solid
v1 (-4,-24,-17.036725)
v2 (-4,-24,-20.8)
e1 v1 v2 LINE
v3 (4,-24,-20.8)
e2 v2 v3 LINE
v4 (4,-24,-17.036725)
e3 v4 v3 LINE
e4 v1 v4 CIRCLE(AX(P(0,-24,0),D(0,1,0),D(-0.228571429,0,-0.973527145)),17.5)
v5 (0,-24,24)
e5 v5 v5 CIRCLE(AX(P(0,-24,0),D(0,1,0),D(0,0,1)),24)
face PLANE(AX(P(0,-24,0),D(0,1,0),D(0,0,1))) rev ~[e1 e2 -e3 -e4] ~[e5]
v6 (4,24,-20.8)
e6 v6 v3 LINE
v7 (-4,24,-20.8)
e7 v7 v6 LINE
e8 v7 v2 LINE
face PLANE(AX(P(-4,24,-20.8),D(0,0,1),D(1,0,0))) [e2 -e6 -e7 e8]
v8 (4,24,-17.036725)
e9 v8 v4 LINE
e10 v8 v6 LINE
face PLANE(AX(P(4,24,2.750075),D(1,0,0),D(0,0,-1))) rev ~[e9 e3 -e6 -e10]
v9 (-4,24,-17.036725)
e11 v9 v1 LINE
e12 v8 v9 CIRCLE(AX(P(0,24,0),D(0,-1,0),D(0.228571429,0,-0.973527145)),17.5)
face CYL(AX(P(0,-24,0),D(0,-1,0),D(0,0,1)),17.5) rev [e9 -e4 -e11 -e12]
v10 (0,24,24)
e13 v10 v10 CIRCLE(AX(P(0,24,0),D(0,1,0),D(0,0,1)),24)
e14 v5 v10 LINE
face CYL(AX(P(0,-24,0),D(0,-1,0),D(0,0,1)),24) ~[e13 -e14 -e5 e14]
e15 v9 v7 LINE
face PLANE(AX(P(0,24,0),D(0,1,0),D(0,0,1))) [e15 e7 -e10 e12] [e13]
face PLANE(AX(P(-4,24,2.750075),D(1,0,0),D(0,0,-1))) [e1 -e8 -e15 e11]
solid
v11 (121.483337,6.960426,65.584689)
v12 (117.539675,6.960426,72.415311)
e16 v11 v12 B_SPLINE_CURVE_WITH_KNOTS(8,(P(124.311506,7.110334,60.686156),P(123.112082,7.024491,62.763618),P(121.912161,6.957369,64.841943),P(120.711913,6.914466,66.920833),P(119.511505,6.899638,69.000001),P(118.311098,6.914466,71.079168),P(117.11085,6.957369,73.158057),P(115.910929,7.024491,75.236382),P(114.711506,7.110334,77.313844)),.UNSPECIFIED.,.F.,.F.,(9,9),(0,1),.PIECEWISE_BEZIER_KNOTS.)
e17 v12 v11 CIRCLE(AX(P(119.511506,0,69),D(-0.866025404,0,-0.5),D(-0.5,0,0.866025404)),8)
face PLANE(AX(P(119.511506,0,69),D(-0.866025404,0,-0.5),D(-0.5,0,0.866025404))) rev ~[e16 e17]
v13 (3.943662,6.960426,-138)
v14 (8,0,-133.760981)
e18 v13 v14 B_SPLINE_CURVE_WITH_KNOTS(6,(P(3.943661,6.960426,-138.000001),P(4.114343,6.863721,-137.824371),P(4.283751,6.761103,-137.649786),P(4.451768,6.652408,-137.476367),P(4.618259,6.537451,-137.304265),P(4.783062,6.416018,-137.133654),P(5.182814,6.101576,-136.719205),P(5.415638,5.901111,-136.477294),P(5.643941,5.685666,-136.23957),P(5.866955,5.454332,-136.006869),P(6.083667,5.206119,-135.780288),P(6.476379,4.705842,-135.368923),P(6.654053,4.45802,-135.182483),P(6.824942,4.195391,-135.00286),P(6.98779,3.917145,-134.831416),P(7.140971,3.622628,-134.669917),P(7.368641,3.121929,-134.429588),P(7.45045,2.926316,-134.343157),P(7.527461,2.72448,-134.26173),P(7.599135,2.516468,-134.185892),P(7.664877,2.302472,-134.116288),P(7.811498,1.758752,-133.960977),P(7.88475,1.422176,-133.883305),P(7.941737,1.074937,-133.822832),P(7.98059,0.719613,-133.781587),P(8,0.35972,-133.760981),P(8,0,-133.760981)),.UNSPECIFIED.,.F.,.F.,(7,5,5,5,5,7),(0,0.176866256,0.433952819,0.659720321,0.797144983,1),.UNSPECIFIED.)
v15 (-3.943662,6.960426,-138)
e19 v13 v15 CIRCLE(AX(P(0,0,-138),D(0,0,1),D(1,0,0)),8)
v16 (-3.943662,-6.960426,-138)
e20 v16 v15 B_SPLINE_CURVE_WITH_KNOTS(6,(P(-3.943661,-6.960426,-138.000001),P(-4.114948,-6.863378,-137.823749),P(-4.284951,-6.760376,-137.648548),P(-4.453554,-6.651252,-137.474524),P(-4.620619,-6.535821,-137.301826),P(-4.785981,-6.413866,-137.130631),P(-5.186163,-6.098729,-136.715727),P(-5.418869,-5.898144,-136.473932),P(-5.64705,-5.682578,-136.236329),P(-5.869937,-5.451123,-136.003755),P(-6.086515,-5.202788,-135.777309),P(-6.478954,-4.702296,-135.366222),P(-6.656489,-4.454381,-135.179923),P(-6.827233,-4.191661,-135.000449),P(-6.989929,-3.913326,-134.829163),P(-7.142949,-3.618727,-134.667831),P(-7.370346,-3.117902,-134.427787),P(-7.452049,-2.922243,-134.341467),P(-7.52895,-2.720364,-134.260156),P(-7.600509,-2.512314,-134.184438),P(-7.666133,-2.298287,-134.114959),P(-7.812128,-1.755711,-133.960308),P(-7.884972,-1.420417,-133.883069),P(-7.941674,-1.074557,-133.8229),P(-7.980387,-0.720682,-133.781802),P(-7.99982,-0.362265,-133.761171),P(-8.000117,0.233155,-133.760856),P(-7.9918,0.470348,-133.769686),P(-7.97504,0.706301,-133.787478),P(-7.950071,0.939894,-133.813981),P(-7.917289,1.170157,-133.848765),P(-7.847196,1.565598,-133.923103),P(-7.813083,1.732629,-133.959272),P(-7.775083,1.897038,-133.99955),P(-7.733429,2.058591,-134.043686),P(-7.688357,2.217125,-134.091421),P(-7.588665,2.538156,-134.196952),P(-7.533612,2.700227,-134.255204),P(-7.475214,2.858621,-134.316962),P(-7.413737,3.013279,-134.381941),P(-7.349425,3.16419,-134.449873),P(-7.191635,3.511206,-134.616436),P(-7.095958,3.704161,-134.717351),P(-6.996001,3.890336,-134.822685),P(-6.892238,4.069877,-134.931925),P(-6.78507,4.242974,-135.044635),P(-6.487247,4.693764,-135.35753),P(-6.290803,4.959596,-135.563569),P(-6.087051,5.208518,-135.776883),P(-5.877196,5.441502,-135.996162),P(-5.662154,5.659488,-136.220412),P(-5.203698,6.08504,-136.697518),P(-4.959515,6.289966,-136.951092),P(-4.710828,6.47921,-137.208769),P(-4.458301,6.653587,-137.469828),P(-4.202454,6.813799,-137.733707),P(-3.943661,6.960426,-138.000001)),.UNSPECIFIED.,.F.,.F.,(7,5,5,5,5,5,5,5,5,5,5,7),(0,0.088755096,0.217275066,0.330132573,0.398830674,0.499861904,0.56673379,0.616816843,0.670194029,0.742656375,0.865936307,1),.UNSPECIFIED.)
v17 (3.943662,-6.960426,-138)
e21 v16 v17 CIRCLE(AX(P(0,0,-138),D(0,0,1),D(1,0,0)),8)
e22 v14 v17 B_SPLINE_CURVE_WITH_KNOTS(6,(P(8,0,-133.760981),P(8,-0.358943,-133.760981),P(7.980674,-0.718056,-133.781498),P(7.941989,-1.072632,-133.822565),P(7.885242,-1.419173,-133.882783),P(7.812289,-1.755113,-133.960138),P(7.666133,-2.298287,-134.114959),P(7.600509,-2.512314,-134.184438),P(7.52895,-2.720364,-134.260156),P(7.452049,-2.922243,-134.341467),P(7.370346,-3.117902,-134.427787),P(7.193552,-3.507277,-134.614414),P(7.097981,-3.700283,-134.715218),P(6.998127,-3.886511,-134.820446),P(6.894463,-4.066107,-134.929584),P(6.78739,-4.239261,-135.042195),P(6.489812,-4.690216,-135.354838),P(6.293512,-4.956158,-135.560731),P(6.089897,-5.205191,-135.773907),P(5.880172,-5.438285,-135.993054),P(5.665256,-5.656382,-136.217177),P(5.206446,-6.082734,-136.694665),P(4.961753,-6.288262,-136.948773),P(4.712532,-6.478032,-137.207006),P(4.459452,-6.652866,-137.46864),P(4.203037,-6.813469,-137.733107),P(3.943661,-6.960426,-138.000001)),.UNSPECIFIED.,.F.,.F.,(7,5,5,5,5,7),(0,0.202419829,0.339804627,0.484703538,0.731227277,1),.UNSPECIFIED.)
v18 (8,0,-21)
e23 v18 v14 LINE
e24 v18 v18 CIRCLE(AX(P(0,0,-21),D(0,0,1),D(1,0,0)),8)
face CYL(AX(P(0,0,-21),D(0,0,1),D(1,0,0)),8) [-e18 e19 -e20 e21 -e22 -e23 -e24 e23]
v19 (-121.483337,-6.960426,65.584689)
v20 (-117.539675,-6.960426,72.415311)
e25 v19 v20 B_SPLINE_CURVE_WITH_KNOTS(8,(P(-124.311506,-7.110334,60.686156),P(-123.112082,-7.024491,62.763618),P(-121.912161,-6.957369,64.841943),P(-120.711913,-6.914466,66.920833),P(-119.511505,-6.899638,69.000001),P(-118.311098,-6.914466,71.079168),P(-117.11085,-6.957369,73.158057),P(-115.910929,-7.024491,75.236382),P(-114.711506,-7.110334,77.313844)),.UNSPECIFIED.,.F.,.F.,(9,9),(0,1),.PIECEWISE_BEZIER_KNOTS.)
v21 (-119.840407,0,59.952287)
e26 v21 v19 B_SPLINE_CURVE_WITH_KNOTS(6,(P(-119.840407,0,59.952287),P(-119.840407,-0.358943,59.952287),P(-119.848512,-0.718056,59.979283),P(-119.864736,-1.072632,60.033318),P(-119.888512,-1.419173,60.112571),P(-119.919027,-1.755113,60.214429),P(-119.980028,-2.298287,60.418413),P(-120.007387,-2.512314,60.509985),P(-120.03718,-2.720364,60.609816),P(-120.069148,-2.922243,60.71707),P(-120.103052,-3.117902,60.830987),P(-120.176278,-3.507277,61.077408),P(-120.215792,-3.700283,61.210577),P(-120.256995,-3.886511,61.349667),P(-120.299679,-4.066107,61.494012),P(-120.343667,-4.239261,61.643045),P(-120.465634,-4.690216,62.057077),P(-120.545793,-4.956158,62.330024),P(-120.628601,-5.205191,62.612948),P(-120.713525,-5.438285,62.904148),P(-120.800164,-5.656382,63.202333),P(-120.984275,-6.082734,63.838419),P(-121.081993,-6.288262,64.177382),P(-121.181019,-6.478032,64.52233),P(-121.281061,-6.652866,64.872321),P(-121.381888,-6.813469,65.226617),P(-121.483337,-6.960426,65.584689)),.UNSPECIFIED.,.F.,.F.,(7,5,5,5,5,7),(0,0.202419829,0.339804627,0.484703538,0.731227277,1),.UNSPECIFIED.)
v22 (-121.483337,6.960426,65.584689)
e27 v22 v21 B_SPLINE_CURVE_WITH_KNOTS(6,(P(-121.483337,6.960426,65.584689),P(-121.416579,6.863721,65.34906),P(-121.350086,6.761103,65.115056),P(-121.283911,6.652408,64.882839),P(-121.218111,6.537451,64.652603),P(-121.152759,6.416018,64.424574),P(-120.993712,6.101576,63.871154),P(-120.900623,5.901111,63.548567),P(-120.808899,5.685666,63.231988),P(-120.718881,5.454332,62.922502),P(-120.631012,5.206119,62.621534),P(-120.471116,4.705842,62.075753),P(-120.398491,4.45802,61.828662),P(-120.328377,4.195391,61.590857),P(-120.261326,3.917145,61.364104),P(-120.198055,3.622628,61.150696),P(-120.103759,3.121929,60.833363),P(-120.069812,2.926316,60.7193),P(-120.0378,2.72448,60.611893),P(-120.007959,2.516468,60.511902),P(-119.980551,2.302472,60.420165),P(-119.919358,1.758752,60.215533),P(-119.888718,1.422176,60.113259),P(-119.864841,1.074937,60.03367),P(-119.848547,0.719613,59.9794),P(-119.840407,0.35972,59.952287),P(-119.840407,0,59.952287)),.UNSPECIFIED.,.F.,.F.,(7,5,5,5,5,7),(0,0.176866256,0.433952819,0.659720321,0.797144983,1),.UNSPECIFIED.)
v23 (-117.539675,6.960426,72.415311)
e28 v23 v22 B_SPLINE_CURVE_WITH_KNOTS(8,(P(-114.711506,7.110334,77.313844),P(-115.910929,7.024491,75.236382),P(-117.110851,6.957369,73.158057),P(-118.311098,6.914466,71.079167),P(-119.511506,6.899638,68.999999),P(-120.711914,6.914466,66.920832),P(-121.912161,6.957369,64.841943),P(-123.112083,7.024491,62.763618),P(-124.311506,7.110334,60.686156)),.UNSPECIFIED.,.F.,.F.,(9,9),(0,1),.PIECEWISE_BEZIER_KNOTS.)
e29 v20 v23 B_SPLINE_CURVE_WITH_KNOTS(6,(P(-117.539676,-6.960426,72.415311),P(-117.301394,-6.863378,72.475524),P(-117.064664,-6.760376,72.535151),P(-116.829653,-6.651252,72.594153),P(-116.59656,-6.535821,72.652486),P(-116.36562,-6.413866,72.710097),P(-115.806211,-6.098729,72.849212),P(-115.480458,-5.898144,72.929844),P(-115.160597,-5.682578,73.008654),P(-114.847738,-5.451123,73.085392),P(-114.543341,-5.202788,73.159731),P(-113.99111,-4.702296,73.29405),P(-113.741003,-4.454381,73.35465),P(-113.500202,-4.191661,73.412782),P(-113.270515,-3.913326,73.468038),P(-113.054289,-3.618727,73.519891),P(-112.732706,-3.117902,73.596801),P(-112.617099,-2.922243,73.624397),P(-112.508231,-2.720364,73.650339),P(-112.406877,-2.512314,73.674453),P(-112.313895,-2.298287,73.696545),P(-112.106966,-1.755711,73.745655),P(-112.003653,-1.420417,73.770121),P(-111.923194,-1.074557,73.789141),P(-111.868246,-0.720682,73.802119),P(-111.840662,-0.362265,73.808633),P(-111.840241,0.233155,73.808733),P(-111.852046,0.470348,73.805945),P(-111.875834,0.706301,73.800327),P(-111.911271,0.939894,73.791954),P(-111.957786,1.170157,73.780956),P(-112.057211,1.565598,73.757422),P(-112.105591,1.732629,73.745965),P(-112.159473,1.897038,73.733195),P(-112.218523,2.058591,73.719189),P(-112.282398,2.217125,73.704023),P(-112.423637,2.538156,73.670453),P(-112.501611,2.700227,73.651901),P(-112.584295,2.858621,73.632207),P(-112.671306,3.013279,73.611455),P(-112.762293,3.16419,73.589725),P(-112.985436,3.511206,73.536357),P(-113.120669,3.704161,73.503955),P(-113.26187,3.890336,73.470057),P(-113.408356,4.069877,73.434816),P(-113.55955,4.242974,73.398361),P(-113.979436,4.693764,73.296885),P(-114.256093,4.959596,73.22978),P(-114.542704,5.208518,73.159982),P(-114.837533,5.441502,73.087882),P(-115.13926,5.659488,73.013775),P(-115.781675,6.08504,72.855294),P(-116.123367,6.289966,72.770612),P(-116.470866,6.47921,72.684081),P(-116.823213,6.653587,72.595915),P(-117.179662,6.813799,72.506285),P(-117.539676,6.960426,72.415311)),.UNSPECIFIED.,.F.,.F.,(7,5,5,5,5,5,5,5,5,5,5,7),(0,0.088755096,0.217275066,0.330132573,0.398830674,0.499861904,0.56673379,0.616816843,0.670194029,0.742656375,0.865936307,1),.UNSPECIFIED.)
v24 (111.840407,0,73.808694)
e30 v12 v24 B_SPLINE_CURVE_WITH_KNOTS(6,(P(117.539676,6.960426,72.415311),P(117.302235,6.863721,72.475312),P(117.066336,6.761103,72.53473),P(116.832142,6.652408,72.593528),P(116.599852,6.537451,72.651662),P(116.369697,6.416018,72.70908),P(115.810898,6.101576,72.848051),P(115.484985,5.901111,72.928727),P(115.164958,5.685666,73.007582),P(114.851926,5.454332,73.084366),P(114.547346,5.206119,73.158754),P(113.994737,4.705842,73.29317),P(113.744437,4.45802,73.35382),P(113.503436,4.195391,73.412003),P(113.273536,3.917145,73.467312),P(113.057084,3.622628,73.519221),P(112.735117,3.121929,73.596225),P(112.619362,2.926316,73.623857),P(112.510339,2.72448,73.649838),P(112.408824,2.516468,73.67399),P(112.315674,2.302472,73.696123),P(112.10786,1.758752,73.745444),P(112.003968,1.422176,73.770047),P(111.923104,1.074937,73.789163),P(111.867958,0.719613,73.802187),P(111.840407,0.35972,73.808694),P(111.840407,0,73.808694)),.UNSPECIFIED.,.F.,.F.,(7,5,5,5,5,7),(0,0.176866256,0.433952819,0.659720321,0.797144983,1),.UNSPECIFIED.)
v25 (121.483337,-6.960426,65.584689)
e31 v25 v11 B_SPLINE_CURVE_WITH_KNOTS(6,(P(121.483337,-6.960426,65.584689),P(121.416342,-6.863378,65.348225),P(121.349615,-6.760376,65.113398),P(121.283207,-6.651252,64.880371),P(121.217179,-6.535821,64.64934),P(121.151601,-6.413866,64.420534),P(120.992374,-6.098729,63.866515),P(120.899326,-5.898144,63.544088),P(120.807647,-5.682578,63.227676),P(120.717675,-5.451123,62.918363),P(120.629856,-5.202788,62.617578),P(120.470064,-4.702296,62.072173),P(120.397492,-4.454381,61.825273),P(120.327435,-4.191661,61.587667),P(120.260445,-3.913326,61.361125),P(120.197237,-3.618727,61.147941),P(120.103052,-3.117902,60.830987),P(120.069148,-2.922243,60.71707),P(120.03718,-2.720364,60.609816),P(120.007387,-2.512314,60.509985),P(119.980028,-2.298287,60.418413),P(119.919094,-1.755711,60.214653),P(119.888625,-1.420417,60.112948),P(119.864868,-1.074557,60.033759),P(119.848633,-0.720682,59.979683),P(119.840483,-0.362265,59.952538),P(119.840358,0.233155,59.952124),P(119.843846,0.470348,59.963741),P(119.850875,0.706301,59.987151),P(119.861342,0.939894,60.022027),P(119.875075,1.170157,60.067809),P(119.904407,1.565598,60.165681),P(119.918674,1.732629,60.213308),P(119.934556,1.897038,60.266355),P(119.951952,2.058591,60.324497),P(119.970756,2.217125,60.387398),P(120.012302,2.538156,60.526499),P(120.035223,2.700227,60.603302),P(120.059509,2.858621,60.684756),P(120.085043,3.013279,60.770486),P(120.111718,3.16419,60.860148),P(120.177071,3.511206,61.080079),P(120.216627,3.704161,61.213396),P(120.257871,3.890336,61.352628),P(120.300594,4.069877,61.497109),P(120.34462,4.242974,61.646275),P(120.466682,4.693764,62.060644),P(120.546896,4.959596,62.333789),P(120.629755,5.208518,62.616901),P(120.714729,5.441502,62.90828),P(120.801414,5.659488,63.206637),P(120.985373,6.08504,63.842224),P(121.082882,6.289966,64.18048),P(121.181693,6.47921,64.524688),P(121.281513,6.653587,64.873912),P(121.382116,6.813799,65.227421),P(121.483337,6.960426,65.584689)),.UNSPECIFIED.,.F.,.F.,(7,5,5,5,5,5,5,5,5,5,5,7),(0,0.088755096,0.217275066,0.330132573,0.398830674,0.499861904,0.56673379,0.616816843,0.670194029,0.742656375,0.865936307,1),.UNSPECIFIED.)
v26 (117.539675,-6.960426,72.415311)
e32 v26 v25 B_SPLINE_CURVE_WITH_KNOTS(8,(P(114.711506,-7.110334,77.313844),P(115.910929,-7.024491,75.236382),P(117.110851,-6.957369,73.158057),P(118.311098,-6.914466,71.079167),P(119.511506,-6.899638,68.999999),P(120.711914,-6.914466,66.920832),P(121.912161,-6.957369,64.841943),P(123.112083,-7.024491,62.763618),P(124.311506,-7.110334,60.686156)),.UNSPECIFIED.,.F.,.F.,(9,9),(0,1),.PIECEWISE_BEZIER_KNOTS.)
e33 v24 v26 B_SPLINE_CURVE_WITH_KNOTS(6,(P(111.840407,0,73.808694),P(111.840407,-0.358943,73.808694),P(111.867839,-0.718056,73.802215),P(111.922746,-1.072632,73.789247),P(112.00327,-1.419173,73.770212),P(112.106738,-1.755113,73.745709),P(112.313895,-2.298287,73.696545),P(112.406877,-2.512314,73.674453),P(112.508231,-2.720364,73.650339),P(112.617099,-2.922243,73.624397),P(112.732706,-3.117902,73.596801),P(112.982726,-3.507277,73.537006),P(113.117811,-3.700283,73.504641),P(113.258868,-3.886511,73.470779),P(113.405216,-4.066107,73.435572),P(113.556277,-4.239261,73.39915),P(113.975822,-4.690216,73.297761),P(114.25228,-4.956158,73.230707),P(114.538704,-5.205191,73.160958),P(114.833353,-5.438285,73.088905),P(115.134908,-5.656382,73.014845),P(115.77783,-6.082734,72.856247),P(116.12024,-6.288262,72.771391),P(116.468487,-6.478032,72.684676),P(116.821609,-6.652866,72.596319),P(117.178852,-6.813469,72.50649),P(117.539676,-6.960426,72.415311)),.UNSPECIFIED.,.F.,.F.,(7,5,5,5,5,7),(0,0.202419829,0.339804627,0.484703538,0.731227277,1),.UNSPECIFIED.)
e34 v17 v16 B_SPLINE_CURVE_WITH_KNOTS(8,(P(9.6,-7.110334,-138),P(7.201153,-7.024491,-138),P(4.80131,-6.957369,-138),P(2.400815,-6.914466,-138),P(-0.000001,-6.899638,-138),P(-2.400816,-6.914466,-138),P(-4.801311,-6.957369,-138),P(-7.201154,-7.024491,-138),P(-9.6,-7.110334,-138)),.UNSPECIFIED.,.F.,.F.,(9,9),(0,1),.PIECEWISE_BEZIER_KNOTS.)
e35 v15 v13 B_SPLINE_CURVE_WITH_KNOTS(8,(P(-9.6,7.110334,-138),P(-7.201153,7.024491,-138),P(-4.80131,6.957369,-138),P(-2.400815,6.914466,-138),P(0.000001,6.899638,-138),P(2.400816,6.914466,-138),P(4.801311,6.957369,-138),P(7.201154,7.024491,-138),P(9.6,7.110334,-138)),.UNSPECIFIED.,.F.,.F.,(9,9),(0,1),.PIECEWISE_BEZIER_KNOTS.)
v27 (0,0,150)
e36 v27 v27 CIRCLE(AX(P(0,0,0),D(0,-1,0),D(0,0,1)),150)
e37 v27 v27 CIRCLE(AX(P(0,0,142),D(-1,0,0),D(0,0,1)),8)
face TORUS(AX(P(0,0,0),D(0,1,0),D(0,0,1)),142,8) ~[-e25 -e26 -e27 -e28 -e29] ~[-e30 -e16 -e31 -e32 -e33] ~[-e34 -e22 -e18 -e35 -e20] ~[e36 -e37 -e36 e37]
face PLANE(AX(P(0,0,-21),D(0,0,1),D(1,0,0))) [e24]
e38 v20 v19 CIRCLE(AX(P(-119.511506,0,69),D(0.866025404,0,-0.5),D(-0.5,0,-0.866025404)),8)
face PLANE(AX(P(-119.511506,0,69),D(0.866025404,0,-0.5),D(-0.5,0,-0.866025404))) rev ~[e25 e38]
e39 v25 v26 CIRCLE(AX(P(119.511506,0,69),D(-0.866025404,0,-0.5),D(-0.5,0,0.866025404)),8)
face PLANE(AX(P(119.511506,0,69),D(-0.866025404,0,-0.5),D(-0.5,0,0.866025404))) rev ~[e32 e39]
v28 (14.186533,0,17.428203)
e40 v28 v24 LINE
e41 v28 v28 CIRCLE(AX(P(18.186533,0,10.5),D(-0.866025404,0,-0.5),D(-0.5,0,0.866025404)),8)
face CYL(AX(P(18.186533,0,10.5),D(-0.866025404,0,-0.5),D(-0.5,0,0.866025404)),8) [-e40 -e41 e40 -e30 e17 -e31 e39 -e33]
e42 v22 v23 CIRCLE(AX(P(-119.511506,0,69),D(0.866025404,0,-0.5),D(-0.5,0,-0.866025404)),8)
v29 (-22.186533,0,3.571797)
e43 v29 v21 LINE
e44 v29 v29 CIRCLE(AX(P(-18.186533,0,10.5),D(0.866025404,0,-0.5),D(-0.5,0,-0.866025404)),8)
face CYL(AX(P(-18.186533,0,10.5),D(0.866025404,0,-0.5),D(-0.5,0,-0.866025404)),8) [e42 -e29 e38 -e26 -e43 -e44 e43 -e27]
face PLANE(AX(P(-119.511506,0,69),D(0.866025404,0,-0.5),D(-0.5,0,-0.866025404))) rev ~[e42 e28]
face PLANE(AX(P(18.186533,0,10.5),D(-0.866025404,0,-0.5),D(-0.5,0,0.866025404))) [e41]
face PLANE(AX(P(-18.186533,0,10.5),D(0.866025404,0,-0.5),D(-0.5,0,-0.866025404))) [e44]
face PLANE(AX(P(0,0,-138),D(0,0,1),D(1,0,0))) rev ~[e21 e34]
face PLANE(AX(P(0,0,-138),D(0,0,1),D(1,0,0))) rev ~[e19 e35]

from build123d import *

# Parameters (mm, degrees)
SKETCH1_R                = 8
BOSS_EXTRUDE1_DEPTH      = 24
BOSS_EXTRUDE1_DEPTH_BACK = 24
SKETCH2_R                = 24
SKETCH2_R_2              = 17.5
SKETCH3_R                = 8
BOSS_EXTRUDE4_DEPTH      = 117
CIRPATTERN1_COUNT        = 3
SKETCH4_W                = 8
SKETCH4_H                = 23.550074586
CUT_EXTRUDE1_DEPTH       = 105


with BuildPart() as part:
    # Sketch1 → Revolve1 (revolve)
    with BuildSketch(Plane.XY, mode=Mode.PRIVATE) as revolve1_sk:
        with Locations((142, 0)):
            Circle(SKETCH1_R)
    revolve(revolve1_sk.sketch.rotate(Axis((0, 0, 0), (0, -1, 0)), 90), axis=Axis((0, 0, 0), (0, -1, 0)))

    # Sketch3 → Boss-Extrude4 (add)
    with BuildSketch(Plane.XY.offset(-21)):
        Circle(SKETCH3_R)
    boss_extrude4 = extrude(amount=-BOSS_EXTRUDE4_DEPTH)

    # CirPattern1: Boss-Extrude4 ×3 about axis
    cirpattern1_axis = Axis((0, 0, 0), (0, 1, 0))
    for i in range(1, CIRPATTERN1_COUNT):
        add(boss_extrude4.rotate(cirpattern1_axis, i * 360 / CIRPATTERN1_COUNT))


with BuildPart() as body_2:
    # Sketch2 → Boss-Extrude1 (new, two sides: drawn at the far end of the back side and taken through both)
    with BuildSketch(Plane(origin=(0, 0, 0), x_dir=(1, 0, 0), z_dir=(0, 1, 0)).offset(-BOSS_EXTRUDE1_DEPTH_BACK)):
        with Locations(Location((0, 0, 0), (0, 0, 270))):
            Circle(SKETCH2_R)
        with Locations(Location((0, 0, 0), (0, 0, 270))):
            Circle(SKETCH2_R_2, mode=Mode.SUBTRACT)
    extrude(amount=BOSS_EXTRUDE1_DEPTH + BOSS_EXTRUDE1_DEPTH_BACK)

    # Sketch4 → Cut-Extrude1 (cut)
    with BuildSketch(Plane(origin=(0, 24, 0), x_dir=(1, 0, 0), z_dir=(0, 1, 0))):
        with Locations((0, 9.024962707)):
            Rectangle(SKETCH4_W, SKETCH4_H)
    extrude(amount=-CUT_EXTRUDE1_DEPTH, mode=Mode.SUBTRACT)


solid = Compound([part.part, body_2.part])
